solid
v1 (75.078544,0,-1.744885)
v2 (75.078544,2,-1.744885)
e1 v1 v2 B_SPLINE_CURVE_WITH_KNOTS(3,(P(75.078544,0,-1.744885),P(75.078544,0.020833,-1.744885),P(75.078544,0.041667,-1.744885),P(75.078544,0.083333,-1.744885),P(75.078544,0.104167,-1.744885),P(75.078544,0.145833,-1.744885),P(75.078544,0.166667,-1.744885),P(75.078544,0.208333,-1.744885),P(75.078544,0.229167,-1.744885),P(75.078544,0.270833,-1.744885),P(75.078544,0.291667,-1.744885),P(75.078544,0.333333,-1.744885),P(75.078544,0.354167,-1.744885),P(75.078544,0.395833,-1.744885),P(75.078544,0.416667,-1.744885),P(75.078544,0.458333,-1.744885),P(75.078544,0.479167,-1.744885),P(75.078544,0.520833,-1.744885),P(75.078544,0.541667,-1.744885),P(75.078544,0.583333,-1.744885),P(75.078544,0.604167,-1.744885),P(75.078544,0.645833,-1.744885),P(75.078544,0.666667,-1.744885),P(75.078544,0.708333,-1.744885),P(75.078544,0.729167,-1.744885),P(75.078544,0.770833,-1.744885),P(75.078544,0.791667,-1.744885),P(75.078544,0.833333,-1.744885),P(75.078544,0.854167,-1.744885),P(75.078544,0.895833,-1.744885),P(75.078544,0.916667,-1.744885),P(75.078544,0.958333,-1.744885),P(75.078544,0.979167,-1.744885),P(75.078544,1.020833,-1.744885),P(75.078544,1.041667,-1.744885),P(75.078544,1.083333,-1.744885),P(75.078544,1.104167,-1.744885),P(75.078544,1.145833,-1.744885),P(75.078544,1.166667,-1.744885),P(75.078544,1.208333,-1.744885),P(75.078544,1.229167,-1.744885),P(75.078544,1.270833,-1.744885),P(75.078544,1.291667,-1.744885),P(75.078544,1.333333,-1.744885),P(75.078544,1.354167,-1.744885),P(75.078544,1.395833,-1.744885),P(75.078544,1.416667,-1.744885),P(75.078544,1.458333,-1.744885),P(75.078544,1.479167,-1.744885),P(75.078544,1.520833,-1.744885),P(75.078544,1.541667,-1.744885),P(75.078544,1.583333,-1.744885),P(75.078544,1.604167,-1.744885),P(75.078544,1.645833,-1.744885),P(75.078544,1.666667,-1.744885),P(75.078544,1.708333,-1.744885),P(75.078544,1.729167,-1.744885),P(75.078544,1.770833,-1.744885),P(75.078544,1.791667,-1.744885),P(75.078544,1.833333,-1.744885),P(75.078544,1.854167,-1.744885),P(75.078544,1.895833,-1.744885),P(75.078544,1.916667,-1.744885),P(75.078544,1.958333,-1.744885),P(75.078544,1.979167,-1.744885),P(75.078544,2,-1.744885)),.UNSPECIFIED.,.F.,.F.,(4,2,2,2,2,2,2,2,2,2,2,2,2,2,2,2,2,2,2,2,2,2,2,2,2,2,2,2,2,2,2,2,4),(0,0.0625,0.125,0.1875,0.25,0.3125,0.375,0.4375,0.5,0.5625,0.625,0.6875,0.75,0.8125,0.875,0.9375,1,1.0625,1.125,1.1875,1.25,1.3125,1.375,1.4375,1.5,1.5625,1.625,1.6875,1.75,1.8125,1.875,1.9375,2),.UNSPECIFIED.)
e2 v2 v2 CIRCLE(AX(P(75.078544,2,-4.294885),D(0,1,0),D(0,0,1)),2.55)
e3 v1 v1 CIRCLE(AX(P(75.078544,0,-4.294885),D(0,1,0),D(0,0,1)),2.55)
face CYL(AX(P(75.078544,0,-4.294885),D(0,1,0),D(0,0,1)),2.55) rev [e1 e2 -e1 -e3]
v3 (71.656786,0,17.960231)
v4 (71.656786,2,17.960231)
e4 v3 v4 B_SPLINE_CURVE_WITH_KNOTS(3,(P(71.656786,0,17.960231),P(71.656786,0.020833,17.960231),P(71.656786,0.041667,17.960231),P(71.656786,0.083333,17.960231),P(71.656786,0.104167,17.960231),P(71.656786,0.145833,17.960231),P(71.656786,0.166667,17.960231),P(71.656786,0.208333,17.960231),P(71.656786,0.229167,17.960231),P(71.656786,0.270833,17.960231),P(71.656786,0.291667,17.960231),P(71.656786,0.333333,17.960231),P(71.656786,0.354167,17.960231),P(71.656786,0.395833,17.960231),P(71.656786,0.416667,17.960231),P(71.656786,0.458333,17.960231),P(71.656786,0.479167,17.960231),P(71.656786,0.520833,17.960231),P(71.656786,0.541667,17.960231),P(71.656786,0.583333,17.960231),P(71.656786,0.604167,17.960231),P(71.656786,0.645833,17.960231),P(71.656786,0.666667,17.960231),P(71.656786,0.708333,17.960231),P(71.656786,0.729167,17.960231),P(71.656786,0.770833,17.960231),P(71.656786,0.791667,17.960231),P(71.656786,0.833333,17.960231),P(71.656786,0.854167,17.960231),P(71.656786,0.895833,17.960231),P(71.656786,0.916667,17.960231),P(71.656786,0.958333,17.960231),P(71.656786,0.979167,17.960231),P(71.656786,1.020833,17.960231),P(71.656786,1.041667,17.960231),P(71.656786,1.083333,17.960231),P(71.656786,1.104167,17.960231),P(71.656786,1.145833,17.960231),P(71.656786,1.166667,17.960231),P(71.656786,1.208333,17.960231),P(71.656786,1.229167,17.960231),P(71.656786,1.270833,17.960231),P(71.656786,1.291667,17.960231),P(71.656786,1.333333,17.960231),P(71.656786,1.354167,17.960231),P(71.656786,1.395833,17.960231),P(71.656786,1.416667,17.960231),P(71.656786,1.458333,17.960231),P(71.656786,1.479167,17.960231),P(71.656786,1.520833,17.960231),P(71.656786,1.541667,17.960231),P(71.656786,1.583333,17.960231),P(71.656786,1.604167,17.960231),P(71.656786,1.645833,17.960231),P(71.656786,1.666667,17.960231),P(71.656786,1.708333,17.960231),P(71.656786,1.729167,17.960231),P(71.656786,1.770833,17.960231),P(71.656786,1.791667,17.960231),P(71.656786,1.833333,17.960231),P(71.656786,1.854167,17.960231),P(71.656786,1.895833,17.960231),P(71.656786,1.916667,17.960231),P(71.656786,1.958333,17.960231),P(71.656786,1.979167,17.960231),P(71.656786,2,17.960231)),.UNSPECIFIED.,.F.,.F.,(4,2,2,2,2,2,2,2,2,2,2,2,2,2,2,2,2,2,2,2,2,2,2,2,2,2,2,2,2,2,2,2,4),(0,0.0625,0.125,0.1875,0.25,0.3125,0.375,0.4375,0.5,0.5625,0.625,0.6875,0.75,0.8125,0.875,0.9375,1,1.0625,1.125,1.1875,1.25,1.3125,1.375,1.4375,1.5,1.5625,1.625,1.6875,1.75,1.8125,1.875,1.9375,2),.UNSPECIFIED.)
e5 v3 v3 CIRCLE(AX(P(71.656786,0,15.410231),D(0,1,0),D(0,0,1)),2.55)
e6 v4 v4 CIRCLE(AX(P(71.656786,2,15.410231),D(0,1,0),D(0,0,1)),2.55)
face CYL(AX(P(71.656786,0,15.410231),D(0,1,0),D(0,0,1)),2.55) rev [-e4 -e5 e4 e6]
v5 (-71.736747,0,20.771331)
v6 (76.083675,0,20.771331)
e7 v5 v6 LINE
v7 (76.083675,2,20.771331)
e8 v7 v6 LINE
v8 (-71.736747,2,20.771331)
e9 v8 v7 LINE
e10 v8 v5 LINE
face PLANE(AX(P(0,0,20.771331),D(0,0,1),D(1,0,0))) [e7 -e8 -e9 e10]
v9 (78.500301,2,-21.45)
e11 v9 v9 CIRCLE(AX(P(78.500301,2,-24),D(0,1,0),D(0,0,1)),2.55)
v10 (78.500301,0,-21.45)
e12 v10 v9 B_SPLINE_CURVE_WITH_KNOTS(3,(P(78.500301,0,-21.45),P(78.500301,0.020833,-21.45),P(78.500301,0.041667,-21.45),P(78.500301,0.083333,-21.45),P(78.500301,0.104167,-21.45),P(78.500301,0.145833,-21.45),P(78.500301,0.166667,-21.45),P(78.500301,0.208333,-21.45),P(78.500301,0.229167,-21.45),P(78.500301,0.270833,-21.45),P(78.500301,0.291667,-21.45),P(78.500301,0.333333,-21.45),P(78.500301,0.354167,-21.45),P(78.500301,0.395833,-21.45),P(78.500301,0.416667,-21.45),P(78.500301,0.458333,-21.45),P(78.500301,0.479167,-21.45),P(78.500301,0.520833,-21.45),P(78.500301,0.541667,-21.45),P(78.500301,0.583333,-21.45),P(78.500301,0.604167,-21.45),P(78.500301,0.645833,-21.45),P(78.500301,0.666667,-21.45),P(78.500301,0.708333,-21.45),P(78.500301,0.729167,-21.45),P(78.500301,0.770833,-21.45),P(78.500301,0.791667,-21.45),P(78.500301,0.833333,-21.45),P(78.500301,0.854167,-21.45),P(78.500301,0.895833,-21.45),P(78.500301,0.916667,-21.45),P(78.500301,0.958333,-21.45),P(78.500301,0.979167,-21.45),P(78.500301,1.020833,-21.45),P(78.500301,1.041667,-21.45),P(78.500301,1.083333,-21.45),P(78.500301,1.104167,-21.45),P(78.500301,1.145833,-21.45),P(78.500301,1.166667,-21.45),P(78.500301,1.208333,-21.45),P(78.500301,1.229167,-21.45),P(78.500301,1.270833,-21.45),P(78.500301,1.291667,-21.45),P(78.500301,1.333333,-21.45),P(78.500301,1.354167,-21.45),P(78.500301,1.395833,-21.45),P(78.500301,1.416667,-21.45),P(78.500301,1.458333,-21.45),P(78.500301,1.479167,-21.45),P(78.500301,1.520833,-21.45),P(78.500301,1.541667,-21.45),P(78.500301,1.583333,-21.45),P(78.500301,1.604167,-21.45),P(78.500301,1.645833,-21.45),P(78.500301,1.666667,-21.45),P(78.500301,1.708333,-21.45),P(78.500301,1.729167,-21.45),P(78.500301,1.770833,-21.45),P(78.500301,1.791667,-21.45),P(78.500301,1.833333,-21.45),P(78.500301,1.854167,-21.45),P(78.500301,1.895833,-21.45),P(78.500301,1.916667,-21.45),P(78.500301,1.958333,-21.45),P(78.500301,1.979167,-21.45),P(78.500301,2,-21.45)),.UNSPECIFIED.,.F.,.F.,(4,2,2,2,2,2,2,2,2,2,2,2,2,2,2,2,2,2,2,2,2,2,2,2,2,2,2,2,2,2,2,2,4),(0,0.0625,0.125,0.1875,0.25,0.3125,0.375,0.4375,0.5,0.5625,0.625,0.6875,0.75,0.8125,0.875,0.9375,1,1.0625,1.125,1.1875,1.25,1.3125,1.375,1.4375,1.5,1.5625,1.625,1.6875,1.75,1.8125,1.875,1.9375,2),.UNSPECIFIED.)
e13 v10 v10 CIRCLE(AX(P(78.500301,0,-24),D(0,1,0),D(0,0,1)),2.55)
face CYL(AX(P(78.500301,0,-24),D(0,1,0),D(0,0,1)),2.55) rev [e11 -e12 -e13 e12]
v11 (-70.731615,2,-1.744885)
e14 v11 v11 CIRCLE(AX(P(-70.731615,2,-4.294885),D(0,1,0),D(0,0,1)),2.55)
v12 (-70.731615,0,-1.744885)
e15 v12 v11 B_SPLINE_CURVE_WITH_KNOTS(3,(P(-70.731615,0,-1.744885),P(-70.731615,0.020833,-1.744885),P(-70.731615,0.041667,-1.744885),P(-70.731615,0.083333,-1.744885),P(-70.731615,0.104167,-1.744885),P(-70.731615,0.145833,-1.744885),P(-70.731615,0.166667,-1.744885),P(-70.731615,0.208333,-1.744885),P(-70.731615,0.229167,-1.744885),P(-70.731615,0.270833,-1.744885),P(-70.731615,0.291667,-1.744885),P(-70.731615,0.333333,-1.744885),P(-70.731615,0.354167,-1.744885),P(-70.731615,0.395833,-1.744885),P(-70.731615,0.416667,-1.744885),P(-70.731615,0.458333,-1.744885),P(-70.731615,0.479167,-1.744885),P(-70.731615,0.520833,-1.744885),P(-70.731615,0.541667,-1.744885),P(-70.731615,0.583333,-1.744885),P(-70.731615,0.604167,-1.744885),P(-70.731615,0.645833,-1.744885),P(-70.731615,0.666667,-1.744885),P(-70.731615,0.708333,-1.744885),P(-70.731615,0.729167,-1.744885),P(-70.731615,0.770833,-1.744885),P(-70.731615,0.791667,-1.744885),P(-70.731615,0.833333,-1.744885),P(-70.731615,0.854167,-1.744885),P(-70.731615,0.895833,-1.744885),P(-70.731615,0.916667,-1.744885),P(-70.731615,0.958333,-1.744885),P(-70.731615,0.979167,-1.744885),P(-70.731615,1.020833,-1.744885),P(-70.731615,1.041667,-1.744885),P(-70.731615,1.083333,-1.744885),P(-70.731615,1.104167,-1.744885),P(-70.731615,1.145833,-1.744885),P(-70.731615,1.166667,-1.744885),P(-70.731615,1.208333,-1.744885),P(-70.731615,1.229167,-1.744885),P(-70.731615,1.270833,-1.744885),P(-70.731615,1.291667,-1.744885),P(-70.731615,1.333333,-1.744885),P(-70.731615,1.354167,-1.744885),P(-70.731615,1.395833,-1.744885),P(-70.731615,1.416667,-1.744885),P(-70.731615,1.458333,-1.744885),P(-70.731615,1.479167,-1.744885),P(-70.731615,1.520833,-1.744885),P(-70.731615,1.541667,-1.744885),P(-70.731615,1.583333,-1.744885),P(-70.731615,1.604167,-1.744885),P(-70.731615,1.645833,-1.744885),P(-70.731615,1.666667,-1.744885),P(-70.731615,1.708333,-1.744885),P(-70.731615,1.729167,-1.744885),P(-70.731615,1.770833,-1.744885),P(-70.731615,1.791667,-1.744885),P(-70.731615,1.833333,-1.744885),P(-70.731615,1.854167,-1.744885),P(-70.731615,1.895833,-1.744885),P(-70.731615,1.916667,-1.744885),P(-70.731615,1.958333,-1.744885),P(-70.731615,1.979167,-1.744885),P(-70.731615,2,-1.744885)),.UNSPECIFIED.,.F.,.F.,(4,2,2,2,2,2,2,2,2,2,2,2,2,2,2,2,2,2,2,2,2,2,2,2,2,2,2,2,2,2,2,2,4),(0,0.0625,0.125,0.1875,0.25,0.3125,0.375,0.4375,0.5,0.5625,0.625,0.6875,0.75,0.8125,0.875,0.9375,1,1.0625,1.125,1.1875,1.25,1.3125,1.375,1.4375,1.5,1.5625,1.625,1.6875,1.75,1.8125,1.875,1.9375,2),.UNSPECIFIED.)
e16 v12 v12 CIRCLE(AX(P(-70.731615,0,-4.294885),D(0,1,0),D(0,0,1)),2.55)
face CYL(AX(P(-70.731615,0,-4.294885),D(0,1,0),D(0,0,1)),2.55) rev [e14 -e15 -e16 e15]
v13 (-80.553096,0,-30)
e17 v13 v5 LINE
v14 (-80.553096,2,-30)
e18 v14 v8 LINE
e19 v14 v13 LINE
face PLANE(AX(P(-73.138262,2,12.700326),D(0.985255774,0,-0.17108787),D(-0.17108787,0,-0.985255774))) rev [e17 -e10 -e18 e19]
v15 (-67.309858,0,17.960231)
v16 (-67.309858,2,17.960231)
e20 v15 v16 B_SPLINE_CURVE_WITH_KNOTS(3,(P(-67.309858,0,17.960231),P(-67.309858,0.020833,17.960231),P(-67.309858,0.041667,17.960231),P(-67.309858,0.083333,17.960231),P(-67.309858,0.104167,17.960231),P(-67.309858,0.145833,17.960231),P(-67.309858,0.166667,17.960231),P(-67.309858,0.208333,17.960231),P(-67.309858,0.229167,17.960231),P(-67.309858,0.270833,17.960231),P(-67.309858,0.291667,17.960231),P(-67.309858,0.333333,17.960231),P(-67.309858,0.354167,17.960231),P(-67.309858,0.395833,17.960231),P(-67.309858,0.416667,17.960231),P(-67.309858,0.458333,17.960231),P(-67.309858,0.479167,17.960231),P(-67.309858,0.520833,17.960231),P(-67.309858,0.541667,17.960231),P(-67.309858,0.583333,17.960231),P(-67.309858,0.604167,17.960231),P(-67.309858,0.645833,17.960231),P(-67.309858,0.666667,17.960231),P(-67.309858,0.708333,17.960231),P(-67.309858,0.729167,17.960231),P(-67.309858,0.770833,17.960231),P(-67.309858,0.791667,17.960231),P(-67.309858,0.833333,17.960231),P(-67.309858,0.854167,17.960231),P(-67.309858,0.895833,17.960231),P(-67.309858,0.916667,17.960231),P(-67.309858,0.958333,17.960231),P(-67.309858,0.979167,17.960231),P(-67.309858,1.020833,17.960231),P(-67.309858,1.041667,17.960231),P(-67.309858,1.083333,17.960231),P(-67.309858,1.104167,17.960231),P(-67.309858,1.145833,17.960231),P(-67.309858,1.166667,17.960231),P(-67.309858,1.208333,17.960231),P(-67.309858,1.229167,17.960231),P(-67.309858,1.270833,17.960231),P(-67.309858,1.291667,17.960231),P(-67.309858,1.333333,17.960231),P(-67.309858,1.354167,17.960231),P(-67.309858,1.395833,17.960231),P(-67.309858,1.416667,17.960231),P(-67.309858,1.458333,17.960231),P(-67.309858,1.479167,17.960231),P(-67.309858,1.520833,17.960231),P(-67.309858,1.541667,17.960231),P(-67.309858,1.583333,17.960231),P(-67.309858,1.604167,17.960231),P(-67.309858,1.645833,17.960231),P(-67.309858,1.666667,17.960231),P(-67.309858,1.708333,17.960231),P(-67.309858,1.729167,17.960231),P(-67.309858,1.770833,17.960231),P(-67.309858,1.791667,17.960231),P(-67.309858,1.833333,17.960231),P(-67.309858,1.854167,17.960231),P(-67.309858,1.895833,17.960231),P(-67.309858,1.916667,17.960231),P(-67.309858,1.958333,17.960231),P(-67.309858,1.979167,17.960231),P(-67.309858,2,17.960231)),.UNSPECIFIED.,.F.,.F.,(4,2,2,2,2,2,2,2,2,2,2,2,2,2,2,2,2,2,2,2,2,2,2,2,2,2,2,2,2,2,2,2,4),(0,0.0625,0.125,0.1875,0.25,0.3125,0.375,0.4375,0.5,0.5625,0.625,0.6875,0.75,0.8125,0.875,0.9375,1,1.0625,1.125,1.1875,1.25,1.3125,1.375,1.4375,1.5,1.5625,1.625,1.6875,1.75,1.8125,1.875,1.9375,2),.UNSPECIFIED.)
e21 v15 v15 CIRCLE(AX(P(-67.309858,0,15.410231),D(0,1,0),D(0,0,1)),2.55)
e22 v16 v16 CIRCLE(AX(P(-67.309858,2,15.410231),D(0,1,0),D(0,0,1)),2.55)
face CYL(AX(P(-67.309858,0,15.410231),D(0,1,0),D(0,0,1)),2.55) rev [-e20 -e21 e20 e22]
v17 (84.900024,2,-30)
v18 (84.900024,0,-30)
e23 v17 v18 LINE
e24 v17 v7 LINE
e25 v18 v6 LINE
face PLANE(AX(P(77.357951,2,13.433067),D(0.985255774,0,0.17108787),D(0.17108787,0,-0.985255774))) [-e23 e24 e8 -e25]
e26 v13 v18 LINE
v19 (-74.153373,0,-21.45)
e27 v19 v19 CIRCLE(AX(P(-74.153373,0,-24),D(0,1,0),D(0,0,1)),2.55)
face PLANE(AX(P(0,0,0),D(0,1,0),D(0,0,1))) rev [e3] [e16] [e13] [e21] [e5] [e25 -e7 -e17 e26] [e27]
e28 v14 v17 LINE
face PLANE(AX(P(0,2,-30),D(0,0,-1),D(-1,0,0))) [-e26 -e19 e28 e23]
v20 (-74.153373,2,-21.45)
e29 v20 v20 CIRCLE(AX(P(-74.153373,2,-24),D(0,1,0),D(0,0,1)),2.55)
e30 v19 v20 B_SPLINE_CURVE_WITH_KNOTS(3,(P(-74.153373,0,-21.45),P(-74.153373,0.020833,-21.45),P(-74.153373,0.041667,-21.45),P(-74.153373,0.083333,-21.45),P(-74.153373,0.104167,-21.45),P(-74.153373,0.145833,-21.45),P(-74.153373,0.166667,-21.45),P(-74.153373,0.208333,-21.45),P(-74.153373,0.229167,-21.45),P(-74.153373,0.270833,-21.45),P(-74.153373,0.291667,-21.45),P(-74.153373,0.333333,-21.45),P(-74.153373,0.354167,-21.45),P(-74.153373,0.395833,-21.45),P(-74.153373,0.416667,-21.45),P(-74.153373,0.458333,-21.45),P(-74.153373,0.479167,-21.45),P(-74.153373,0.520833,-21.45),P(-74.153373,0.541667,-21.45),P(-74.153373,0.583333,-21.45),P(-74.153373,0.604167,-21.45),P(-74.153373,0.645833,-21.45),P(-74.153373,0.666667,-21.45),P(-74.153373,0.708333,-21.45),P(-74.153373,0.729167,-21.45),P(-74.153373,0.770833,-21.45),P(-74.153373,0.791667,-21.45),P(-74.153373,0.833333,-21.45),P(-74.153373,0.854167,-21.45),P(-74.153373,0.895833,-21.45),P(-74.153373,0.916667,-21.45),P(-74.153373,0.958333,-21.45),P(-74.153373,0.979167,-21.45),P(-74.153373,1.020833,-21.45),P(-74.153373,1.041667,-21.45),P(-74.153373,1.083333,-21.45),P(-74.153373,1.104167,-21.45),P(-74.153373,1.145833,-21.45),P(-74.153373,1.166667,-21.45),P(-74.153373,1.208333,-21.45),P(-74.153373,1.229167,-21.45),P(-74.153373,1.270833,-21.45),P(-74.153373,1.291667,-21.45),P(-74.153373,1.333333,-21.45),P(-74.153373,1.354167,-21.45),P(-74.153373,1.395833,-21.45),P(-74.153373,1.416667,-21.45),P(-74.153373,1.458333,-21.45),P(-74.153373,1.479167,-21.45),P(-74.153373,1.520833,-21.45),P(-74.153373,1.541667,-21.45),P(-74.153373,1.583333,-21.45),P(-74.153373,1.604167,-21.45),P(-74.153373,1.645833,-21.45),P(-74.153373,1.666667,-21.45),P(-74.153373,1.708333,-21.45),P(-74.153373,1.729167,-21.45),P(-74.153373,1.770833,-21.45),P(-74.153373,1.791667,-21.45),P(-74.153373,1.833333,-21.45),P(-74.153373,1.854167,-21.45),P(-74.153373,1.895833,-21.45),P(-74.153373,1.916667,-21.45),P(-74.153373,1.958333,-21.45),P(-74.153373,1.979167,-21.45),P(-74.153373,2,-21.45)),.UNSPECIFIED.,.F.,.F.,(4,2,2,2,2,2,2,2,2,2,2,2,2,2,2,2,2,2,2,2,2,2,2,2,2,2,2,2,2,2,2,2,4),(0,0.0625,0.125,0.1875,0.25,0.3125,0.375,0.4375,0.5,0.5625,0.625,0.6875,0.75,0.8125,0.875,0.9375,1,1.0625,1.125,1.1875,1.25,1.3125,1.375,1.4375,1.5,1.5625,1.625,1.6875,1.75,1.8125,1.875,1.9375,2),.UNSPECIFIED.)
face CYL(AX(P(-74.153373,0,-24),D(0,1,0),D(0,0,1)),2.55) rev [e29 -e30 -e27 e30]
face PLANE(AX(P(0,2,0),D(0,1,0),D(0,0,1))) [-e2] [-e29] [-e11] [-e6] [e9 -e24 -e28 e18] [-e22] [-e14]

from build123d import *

# Parameters (mm, degrees)
SKETCH_1_W          = 200
SKETCH_1_H          = 60
EXTRUDE_1_DEPTH     = 2
SKETCH_3_R          = 2.55
CUT_EXTRUDE_1_DEPTH = 105.422219858
CUT_EXTRUDE_2_DEPTH = 96.828733232


with BuildPart() as part:
    # 草图1 → 凸台-拉伸1 (new body)
    with BuildSketch(Plane(origin=(0, 0, 0), x_dir=(1, 0, 0), z_dir=(0, 1, 0))):
        Rectangle(SKETCH_1_W, SKETCH_1_H)
    extrude(amount=EXTRUDE_1_DEPTH)

    # 草图3 → 切除-拉伸1 (cut, through all)
    with BuildSketch(Plane(origin=(0, 2, 0), x_dir=(1, 0, 0), z_dir=(0, 1, 0))):
        Polygon((82.173464202, -20.771330594), (-77.826535798, -20.771330594), (-86.642884834, 30), (-100, 30), (-100, -30), (100, -30), (100, 30), (90.989813237, 30), align=None)
        with Locations(Location((-74.153372817, 24, 0), (0, 0, 270))):
            Circle(SKETCH_3_R)
        with Locations(Location((-70.731615422, 4.294884514, 0), (0, 0, 270))):
            Circle(SKETCH_3_R)
        with Locations(Location((-67.309858027, -15.410230973, 0), (0, 0, 270))):
            Circle(SKETCH_3_R)
        with Locations(Location((78.50030122, 24, 0), (0, 0, 270))):
            Circle(SKETCH_3_R)
        with Locations(Location((71.65678643, -15.410230973, 0), (0, 0, 270))):
            Circle(SKETCH_3_R)
        with Locations(Location((75.078543825, 4.294884514, 0), (0, 0, 270))):
            Circle(SKETCH_3_R)
    extrude(amount=-CUT_EXTRUDE_1_DEPTH, mode=Mode.SUBTRACT)

    # 草图4 → 切除-拉伸2 (cut, through all)
    with BuildSketch(Plane.XZ):
        Polygon((76.083674975, 20.771330594), (84.90002401, -30), (90.989813237, -30), (82.173464202, 20.771330594), align=None)
        Polygon((-86.642884834, -30), (-80.553095607, -30), (-71.736746572, 20.771330594), (-77.826535798, 20.771330594), align=None)
    extrude(amount=-CUT_EXTRUDE_2_DEPTH, mode=Mode.SUBTRACT)


solid = part.part
